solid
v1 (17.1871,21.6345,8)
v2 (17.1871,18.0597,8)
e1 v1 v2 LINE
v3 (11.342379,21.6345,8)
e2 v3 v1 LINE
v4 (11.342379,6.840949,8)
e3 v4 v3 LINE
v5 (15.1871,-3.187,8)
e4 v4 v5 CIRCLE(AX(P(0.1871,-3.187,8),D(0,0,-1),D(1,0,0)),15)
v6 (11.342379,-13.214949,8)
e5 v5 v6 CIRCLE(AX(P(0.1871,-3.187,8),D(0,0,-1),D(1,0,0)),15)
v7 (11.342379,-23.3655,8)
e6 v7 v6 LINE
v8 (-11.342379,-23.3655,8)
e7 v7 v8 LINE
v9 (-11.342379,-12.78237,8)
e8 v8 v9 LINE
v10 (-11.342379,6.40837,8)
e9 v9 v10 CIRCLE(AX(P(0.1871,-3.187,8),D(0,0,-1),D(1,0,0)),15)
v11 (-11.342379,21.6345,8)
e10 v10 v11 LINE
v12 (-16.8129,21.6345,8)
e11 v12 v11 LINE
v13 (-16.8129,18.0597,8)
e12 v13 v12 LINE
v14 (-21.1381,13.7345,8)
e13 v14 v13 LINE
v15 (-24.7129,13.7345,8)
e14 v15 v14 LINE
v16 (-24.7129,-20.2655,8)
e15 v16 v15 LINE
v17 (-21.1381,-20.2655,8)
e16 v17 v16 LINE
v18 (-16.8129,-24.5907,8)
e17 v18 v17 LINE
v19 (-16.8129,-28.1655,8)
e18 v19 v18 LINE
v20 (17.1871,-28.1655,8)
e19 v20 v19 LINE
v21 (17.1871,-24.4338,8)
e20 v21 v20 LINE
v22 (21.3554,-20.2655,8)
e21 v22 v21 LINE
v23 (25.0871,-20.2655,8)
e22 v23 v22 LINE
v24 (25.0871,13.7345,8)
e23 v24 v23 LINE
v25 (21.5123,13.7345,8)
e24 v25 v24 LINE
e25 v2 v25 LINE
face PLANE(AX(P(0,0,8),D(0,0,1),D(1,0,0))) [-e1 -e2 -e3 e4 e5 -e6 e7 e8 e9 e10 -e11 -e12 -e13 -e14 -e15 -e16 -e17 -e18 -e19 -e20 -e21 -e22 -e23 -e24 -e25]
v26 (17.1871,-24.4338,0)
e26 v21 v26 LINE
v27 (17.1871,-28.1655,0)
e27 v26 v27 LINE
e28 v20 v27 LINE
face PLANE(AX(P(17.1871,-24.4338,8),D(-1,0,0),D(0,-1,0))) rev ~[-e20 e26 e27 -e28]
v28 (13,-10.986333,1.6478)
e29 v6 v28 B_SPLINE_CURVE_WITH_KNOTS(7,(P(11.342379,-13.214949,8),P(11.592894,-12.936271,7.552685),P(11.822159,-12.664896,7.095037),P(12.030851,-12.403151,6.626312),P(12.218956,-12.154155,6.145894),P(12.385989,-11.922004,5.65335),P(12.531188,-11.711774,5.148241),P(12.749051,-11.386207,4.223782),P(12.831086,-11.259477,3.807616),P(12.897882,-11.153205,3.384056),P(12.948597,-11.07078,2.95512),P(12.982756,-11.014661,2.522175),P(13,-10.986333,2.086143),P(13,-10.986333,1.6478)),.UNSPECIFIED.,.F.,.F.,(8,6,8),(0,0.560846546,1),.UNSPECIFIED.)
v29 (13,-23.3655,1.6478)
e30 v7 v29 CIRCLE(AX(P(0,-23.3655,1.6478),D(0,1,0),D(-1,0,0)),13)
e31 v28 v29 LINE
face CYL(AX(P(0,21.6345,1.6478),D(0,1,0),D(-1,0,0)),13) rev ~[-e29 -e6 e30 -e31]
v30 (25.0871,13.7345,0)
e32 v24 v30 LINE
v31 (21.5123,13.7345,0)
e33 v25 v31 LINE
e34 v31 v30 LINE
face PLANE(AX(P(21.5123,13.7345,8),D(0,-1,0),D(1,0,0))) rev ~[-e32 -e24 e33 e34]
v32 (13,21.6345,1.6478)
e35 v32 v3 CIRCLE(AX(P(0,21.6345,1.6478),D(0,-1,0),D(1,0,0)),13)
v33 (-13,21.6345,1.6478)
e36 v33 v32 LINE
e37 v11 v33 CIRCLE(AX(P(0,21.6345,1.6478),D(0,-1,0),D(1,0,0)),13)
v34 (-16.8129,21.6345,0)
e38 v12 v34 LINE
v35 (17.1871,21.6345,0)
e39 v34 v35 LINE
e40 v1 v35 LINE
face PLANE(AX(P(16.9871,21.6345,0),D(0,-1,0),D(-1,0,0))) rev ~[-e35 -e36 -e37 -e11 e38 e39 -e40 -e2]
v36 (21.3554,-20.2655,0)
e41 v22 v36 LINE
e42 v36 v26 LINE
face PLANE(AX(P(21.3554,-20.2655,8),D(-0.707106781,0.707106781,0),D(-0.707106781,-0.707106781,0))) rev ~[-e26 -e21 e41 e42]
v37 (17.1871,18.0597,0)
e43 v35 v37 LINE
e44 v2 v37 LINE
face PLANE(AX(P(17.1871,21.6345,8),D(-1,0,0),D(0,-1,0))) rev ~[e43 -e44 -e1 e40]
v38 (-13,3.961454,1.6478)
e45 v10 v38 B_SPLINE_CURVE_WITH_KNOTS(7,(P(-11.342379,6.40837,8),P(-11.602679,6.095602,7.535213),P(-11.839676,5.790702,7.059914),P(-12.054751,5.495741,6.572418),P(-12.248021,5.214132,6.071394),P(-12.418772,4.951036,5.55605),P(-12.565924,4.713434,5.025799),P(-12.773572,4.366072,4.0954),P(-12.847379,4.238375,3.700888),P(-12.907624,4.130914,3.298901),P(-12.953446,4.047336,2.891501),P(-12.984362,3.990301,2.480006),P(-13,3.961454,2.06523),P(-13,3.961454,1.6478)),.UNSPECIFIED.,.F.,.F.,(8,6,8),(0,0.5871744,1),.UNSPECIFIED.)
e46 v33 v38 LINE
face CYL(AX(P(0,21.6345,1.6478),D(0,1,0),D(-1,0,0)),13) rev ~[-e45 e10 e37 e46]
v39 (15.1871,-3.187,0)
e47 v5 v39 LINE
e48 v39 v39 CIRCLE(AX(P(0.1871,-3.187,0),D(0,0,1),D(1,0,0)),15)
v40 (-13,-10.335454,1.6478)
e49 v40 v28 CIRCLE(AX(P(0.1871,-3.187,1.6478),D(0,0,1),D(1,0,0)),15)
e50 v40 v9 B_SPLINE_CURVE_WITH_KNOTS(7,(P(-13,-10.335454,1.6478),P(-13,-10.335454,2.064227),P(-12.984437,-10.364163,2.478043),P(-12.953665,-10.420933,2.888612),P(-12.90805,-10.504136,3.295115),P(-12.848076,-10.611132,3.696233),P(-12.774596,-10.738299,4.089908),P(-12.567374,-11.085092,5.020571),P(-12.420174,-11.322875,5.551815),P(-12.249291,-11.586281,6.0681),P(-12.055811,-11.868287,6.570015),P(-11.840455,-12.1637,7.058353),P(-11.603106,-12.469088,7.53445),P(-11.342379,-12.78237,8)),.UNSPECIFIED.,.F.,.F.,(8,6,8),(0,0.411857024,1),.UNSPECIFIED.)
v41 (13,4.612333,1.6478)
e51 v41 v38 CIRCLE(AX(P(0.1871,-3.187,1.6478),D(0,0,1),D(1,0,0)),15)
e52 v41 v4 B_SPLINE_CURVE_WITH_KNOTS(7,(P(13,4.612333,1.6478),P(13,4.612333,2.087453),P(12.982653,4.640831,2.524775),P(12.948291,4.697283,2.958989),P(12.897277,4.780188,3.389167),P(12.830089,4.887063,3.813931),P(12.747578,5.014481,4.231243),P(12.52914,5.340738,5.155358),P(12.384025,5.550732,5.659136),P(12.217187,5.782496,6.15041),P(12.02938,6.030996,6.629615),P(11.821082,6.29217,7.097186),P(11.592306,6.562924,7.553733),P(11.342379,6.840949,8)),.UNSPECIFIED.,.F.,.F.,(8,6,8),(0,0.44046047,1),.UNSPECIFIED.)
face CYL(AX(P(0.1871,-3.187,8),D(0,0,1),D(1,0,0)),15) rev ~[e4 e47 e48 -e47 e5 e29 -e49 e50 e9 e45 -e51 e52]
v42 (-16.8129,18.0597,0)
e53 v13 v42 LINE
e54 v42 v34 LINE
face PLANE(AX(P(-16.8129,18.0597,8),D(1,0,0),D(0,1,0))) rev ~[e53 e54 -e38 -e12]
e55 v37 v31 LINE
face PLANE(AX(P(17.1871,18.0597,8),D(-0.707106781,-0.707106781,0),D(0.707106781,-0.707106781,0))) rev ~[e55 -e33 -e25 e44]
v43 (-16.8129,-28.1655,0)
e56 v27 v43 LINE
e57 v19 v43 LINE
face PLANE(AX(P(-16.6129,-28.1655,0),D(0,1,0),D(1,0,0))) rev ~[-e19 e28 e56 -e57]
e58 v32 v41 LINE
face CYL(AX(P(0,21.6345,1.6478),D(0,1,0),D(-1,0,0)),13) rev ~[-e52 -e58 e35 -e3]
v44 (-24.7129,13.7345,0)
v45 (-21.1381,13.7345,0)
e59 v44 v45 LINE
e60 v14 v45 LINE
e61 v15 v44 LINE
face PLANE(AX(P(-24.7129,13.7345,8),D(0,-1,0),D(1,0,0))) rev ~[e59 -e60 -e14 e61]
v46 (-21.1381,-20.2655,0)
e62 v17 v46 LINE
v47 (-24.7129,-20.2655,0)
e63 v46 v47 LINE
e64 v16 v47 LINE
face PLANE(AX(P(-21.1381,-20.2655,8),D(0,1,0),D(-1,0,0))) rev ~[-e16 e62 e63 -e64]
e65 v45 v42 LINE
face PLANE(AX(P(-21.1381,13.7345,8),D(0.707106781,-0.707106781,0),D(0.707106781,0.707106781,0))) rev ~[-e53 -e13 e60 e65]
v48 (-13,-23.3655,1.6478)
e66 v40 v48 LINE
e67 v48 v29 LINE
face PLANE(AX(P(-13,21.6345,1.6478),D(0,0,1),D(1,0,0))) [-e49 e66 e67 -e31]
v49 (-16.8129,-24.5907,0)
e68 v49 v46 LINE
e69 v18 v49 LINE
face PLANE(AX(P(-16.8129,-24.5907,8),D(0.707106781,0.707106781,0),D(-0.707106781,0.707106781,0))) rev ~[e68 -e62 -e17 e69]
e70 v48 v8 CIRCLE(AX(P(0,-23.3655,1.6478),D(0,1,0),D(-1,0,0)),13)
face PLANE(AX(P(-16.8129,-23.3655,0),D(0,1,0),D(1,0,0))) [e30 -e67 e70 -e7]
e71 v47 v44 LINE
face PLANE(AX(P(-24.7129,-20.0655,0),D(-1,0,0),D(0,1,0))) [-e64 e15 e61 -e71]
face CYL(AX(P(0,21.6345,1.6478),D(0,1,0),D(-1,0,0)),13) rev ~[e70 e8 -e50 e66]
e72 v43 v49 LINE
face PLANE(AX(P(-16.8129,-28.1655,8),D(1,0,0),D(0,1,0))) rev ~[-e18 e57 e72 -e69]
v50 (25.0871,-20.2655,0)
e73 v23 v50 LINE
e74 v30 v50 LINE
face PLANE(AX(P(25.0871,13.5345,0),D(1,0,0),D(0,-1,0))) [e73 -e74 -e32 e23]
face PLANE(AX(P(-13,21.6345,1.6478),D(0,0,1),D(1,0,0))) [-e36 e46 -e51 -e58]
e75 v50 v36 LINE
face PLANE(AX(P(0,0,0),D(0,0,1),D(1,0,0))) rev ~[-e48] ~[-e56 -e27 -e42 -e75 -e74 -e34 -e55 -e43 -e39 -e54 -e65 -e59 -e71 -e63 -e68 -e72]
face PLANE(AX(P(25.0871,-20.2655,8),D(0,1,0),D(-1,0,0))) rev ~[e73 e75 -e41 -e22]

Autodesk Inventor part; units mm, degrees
ref_plane "YZ Plane" through (0, 0, 0) normal (1, 0, 0) x (0, 1, 0)
ref_plane "XZ Plane" through (0, 0, 0) normal (0, 1, 0) x (-1, 0, 0)
ref_plane "XY Plane" through (0, 0, 0) normal (0, 0, 1) x (1, 0, 0)
sketch "Sketch1" plane through (0, 0, 0) normal (0, 0, 1) x (1, 0, 0)
  line L0 (21.5871, 13.6345) -> (17.0871, 18.1345) projected
  line L1 (17.0871, 18.1345) -> (-16.7129, 18.1345) projected
  line L2 (-16.7129, 18.1345) -> (-21.2129, 13.6345) projected
  line L3 (-21.0966, 13.6345) -> (-21.0966, -20.1655) projected
  line L4 (21.4709, -20.1655) -> (21.4709, 13.6345) projected
  line L5 (21.4709, -20.1655) -> (17.0871, -24.4078) projected
  line L6 (-16.7129, -24.4078) -> (17.0871, -24.4078) projected
  line L7 (-16.7129, -24.4078) -> (-21.0966, -20.1655) projected
  line L8 (-24.7129, -28.1655) -> (-24.7129, 13.6345) construction
  line L9 (25.0871, -28.1655) -> (-24.7129, -28.1655) construction
  line L10 (25.0871, -28.1655) -> (25.0871, 13.6345) construction
  line L11 (17.0871, 21.6345) -> (-16.7129, 21.6345) construction
  line L12 (-21.0552, -20.0655) -> (-16.6129, -24.5078)
  line L13 (-16.6129, -24.5078) -> (-16.6129, -28.1655)
  line L14 (-16.6129, -28.1655) -> (17.0871, -28.1655)
  line L15 (25.0871, -20.0655) -> (21.4295, -20.0655)
  line L16 (25.0871, 13.5345) -> (25.0871, -20.0655)
  line L17 (21.4295, 13.5345) -> (25.0871, 13.5345)
  line L18 (21.4295, 13.5345) -> (16.9871, 17.9768)
  line L19 (16.9871, 17.9768) -> (16.9871, 21.6345)
  line L20 (16.9871, 21.6345) -> (-16.6129, 21.6345)
  line L21 (-16.6129, 21.6345) -> (-16.6129, 17.9768)
  line L22 (-16.6129, 17.9768) -> (-21.0552, 13.5345)
  line L23 (-24.7129, 13.5345) -> (-21.0552, 13.5345)
  line L24 (-24.7129, -20.0655) -> (-24.7129, 13.5345)
  line L25 (-21.0552, -20.0655) -> (-24.7129, -20.0655)
  line L26 (-12.3129, -23.2655) -> (12.6871, -23.2655) projected
  line L27 (12.6871, -23.2655) -> (12.6871, 16.7345) projected
  line L28 (-12.3129, 16.7345) -> (12.6871, 16.7345) projected
  line L29 (-12.3129, -23.2655) -> (-12.3129, 16.7345) projected
  line L30 (14.6871, -25.2655) -> (-14.3129, -25.2655) construction
  line L31 (-14.3129, -25.2655) -> (-14.3129, 18.7345) construction
  line L32 (-14.3129, 18.7345) -> (14.6871, 18.7345) construction
  line L33 (14.6871, 18.7345) -> (14.6871, -25.2655) construction
  line L34 (-17.3129, 21.7345) -> (17.6871, 21.7345) construction
  line L35 (17.6871, 21.7345) -> (17.6871, -28.2655) construction
  line L36 (17.6871, -28.2655) -> (-17.3129, -28.2655) construction
  line L37 (-17.3129, -28.2655) -> (-17.3129, 21.7345) construction
  line L38 (-14.3129, -23.2655) -> (-14.3129, -25.2655)
  line L39 (-14.3129, -25.2655) -> (14.6871, -25.2655)
  line L40 (14.6871, -25.2655) -> (14.6871, -20.0655)
  line L41 (14.6871, -20.0655) -> (17.6871, -20.0655)
  line L42 (17.6871, -20.0655) -> (17.6871, 13.5345)
  line L43 (17.6871, 13.5345) -> (14.6871, 13.5345)
  line L44 (14.6871, 13.5345) -> (14.6871, 18.7345)
  line L45 (14.6871, 18.7345) -> (-14.3129, 18.7345)
  line L46 (-14.3129, 18.7345) -> (-14.3129, 13.5345)
  line L47 (-14.3129, 13.5345) -> (-17.3129, 13.5345)
  line L48 (-17.3129, 13.5345) -> (-17.3129, -20.0655)
  line L49 (-17.3129, -20.0655) -> (-14.3129, -20.0655)
  line L50 (-14.3129, -20.0655) -> (-14.3129, -23.2655)
  line L51 (-16.6129, -28.1655) -> (17.0871, -28.1655)
  line L52 (16.9871, -28.1655) -> (16.9871, -24.3509)
  line L53 (16.9871, -24.3509) -> (21.2726, -20.0655)
  line L54 (21.2726, -20.0655) -> (21.4295, -20.0655)
  point P0 (14.2, -44.8454)
  point P1 (16.9871, 19.8057)
  dimension "d74" = 2
  dimension "d75" = 5
  dimension "d76" = 135
extrude "Extrusion1" add sketch "Sketch1" along normal blind 8 contours L19 L18 L17 L4 L15 L54 L53 L52 L6 L40 L41 L42 L43 L44 L1 | L1 L44 L45 L46 L21 L20 L19 | L44 L43 L42 L41 L40 L6 L38 L50 L49 L48 L47 L46 L1 | L1 L46 L45 L44 | L46 L47 L48 L49 L50 L38 L6 L12 L25 L3 L23 L22 L21 L1 | L17 L16 L15 L4 | L3 L25 L24 L23 | L40 L39 L38 L6 | L6 L52 L14 L13 L12 L38 L39 L40 | L29 L28 L27 L26
sketch "Skizze7" plane through (0, 0, 8) normal (0, 0, 1) x (1, 0, 0)
  line L0 (-21.0552, -20.0655) -> (-16.6129, -24.5078) projected
  line L1 (-16.6129, -24.5078) -> (-16.6129, -28.1655) projected
  line L2 (-16.6129, -28.1655) -> (16.9871, -28.1655) construction
  line L3 (16.9871, -28.1655) -> (16.9871, -24.3509) projected
  line L4 (16.9871, -24.3509) -> (21.2726, -20.0655) projected
  line L5 (21.2726, -20.0655) -> (25.0871, -20.0655) projected
  line L6 (25.0871, -20.0655) -> (25.0871, 13.5345) construction
  line L7 (25.0871, 13.5345) -> (21.4295, 13.5345) projected
  line L8 (21.4295, 13.5345) -> (16.9871, 17.9768) projected
  line L9 (16.9871, 17.9768) -> (16.9871, 21.6345) projected
  line L10 (16.9871, 21.6345) -> (-16.6129, 21.6345) construction
  line L11 (-16.6129, 21.6345) -> (-16.6129, 17.9768) projected
  line L12 (-16.6129, 17.9768) -> (-21.0552, 13.5345) projected
  line L13 (-21.0552, 13.5345) -> (-24.7129, 13.5345) projected
  line L14 (-24.7129, 13.5345) -> (-24.7129, -20.0655) construction
  line L15 (-24.7129, -20.0655) -> (-21.0552, -20.0655) projected
  line L16 (-16.8129, 21.8345) -> (17.1871, 21.8345) construction
  line L17 (17.1871, 21.8345) -> (17.1871, 18.0597)
  line L18 (17.1871, 18.0597) -> (21.5123, 13.7345)
  line L19 (21.5123, 13.7345) -> (25.2871, 13.7345)
  line L20 (25.2871, 13.7345) -> (25.2871, -20.2655) construction
  line L21 (25.2871, -20.2655) -> (21.3554, -20.2655)
  line L22 (21.3554, -20.2655) -> (17.1871, -24.4338)
  line L23 (17.1871, -24.4338) -> (17.1871, -28.3655)
  line L24 (17.1871, -28.3655) -> (-16.8129, -28.3655) construction
  line L25 (-16.8129, -28.3655) -> (-16.8129, -24.5907)
  line L26 (-16.8129, -24.5907) -> (-21.1381, -20.2655)
  line L27 (-21.1381, -20.2655) -> (-24.9129, -20.2655)
  line L28 (-24.9129, -20.2655) -> (-24.9129, 13.7345) construction
  line L29 (-24.9129, 13.7345) -> (-21.1381, 13.7345)
  line L30 (-21.1381, 13.7345) -> (-16.8129, 18.0597)
  line L31 (-16.8129, 18.0597) -> (-16.8129, 21.8345)
  line L32 (-21.0552, 13.5345) -> (-24.7129, 13.5345) projected
  line L33 (-24.7129, 13.5345) -> (-24.7129, 13.7345)
  line L34 (-16.6129, 21.6345) -> (-16.6129, 17.9768) projected
  line L35 (-16.6129, 21.6345) -> (-16.8129, 21.6345)
  line L36 (25.0871, -20.0655) -> (25.0871, 13.5345) projected
  line L37 (25.0871, 13.5345) -> (25.0871, 13.7345)
  line L38 (16.9871, 21.6345) -> (17.1871, 21.6345)
  line L39 (16.9871, -28.1655) -> (17.1871, -28.1655)
  line L40 (25.0871, -20.0655) -> (25.0871, -20.2655)
  line L41 (-16.6129, -28.1655) -> (-16.8129, -28.1655)
  line L42 (-24.7129, -20.0655) -> (-24.7129, -20.2655)
  dimension "d94" = 0.2
extrude "IM_offset" add sketch "Skizze7" against normal up to surface (8 mm away)
sketch "Sketch8" plane through (-16.8129, 21.6345, 0) normal (0, 1, 0) x (1, 0, 0)
  line L0 (0, 0) -> (34, 0) projected
  line L1 (34, -8) -> (0, -8) projected
  line L2 (3.8129, -1.6478) -> (29.8129, -1.6478)
  arc A0 (3.8129, -1.6478) -> (29.8129, -1.6478) centre (16.8129, -1.6478) ccw
  line L3 (0, -8) -> (0, 0) projected
  line L4 (34, -8) -> (34, 0) projected
  point P0 (16.8129, 0)
  dimension "d86" = 26
  dimension "d88" = 0
extrude "Extrusion7" cut sketch "Sketch8" against normal blind 45 contours A0 L2 L1 | L1 A0
sketch "Sketch9" plane through (0, 0, 8) normal (0, 0, 1) x (1, 0, 0)
  line L0 (-11.3424, 21.6345) -> (-16.8129, 21.6345) projected
  line L1 (-24.7129, 13.7345) -> (-24.7129, -20.2655) projected
  line L2 (17.1871, -28.1655) -> (-16.8129, -28.1655) projected
  line L3 (25.0871, -20.0655) -> (25.0871, 13.7345) projected
  circle A0 centre (0.1871, -3.187) radius 27.0445
  circle A1 centre (0.1871, -3.187) radius 15
  line L4 (11.3424, 21.6345) -> (11.3424, -23.3655) projected
  line L5 (11.3424, -23.3655) -> (-11.3424, -23.3655) projected
  line L6 (-11.3424, -23.3655) -> (-11.3424, 21.6345) projected
  line L7 (17.1871, 21.6345) -> (11.3424, 21.6345) projected
  line L8 (-16.8129, 21.6345) -> (-16.8129, 18.0597) projected
  line L9 (-16.8129, 18.0597) -> (-21.1381, 13.7345) projected
  line L10 (-21.1381, 13.7345) -> (-24.7129, 13.7345) projected
  line L11 (17.1871, -28.1655) -> (17.1871, -24.4338) projected
  line L12 (17.1871, -24.4338) -> (21.3554, -20.2655) projected
  line L13 (21.3554, -20.2655) -> (25.0871, -20.2655) projected
  line L14 (25.0871, -20.2655) -> (25.0871, -20.0655) projected
  line L15 (25.0871, 13.7345) -> (21.5123, 13.7345) projected
  line L16 (21.5123, 13.7345) -> (17.1871, 18.0597) projected
  line L17 (17.1871, 18.0597) -> (17.1871, 21.6345) projected
  line L18 (-21.1381, -20.2655) -> (-24.7129, -20.2655) projected
  line L19 (-16.8129, -24.5907) -> (-21.1381, -20.2655) projected
  line L20 (-16.8129, -28.1655) -> (-16.8129, -24.5907) projected
  point P0 (0, 0)
  dimension "d91" = 30
extrude "Extrusion8" cut sketch "Sketch9" against normal through all contours L6 A1 | A1 L4 L6 | A1 L4
properties part number "20_Cube_Insert_Lens_Cylindrical_v3"
